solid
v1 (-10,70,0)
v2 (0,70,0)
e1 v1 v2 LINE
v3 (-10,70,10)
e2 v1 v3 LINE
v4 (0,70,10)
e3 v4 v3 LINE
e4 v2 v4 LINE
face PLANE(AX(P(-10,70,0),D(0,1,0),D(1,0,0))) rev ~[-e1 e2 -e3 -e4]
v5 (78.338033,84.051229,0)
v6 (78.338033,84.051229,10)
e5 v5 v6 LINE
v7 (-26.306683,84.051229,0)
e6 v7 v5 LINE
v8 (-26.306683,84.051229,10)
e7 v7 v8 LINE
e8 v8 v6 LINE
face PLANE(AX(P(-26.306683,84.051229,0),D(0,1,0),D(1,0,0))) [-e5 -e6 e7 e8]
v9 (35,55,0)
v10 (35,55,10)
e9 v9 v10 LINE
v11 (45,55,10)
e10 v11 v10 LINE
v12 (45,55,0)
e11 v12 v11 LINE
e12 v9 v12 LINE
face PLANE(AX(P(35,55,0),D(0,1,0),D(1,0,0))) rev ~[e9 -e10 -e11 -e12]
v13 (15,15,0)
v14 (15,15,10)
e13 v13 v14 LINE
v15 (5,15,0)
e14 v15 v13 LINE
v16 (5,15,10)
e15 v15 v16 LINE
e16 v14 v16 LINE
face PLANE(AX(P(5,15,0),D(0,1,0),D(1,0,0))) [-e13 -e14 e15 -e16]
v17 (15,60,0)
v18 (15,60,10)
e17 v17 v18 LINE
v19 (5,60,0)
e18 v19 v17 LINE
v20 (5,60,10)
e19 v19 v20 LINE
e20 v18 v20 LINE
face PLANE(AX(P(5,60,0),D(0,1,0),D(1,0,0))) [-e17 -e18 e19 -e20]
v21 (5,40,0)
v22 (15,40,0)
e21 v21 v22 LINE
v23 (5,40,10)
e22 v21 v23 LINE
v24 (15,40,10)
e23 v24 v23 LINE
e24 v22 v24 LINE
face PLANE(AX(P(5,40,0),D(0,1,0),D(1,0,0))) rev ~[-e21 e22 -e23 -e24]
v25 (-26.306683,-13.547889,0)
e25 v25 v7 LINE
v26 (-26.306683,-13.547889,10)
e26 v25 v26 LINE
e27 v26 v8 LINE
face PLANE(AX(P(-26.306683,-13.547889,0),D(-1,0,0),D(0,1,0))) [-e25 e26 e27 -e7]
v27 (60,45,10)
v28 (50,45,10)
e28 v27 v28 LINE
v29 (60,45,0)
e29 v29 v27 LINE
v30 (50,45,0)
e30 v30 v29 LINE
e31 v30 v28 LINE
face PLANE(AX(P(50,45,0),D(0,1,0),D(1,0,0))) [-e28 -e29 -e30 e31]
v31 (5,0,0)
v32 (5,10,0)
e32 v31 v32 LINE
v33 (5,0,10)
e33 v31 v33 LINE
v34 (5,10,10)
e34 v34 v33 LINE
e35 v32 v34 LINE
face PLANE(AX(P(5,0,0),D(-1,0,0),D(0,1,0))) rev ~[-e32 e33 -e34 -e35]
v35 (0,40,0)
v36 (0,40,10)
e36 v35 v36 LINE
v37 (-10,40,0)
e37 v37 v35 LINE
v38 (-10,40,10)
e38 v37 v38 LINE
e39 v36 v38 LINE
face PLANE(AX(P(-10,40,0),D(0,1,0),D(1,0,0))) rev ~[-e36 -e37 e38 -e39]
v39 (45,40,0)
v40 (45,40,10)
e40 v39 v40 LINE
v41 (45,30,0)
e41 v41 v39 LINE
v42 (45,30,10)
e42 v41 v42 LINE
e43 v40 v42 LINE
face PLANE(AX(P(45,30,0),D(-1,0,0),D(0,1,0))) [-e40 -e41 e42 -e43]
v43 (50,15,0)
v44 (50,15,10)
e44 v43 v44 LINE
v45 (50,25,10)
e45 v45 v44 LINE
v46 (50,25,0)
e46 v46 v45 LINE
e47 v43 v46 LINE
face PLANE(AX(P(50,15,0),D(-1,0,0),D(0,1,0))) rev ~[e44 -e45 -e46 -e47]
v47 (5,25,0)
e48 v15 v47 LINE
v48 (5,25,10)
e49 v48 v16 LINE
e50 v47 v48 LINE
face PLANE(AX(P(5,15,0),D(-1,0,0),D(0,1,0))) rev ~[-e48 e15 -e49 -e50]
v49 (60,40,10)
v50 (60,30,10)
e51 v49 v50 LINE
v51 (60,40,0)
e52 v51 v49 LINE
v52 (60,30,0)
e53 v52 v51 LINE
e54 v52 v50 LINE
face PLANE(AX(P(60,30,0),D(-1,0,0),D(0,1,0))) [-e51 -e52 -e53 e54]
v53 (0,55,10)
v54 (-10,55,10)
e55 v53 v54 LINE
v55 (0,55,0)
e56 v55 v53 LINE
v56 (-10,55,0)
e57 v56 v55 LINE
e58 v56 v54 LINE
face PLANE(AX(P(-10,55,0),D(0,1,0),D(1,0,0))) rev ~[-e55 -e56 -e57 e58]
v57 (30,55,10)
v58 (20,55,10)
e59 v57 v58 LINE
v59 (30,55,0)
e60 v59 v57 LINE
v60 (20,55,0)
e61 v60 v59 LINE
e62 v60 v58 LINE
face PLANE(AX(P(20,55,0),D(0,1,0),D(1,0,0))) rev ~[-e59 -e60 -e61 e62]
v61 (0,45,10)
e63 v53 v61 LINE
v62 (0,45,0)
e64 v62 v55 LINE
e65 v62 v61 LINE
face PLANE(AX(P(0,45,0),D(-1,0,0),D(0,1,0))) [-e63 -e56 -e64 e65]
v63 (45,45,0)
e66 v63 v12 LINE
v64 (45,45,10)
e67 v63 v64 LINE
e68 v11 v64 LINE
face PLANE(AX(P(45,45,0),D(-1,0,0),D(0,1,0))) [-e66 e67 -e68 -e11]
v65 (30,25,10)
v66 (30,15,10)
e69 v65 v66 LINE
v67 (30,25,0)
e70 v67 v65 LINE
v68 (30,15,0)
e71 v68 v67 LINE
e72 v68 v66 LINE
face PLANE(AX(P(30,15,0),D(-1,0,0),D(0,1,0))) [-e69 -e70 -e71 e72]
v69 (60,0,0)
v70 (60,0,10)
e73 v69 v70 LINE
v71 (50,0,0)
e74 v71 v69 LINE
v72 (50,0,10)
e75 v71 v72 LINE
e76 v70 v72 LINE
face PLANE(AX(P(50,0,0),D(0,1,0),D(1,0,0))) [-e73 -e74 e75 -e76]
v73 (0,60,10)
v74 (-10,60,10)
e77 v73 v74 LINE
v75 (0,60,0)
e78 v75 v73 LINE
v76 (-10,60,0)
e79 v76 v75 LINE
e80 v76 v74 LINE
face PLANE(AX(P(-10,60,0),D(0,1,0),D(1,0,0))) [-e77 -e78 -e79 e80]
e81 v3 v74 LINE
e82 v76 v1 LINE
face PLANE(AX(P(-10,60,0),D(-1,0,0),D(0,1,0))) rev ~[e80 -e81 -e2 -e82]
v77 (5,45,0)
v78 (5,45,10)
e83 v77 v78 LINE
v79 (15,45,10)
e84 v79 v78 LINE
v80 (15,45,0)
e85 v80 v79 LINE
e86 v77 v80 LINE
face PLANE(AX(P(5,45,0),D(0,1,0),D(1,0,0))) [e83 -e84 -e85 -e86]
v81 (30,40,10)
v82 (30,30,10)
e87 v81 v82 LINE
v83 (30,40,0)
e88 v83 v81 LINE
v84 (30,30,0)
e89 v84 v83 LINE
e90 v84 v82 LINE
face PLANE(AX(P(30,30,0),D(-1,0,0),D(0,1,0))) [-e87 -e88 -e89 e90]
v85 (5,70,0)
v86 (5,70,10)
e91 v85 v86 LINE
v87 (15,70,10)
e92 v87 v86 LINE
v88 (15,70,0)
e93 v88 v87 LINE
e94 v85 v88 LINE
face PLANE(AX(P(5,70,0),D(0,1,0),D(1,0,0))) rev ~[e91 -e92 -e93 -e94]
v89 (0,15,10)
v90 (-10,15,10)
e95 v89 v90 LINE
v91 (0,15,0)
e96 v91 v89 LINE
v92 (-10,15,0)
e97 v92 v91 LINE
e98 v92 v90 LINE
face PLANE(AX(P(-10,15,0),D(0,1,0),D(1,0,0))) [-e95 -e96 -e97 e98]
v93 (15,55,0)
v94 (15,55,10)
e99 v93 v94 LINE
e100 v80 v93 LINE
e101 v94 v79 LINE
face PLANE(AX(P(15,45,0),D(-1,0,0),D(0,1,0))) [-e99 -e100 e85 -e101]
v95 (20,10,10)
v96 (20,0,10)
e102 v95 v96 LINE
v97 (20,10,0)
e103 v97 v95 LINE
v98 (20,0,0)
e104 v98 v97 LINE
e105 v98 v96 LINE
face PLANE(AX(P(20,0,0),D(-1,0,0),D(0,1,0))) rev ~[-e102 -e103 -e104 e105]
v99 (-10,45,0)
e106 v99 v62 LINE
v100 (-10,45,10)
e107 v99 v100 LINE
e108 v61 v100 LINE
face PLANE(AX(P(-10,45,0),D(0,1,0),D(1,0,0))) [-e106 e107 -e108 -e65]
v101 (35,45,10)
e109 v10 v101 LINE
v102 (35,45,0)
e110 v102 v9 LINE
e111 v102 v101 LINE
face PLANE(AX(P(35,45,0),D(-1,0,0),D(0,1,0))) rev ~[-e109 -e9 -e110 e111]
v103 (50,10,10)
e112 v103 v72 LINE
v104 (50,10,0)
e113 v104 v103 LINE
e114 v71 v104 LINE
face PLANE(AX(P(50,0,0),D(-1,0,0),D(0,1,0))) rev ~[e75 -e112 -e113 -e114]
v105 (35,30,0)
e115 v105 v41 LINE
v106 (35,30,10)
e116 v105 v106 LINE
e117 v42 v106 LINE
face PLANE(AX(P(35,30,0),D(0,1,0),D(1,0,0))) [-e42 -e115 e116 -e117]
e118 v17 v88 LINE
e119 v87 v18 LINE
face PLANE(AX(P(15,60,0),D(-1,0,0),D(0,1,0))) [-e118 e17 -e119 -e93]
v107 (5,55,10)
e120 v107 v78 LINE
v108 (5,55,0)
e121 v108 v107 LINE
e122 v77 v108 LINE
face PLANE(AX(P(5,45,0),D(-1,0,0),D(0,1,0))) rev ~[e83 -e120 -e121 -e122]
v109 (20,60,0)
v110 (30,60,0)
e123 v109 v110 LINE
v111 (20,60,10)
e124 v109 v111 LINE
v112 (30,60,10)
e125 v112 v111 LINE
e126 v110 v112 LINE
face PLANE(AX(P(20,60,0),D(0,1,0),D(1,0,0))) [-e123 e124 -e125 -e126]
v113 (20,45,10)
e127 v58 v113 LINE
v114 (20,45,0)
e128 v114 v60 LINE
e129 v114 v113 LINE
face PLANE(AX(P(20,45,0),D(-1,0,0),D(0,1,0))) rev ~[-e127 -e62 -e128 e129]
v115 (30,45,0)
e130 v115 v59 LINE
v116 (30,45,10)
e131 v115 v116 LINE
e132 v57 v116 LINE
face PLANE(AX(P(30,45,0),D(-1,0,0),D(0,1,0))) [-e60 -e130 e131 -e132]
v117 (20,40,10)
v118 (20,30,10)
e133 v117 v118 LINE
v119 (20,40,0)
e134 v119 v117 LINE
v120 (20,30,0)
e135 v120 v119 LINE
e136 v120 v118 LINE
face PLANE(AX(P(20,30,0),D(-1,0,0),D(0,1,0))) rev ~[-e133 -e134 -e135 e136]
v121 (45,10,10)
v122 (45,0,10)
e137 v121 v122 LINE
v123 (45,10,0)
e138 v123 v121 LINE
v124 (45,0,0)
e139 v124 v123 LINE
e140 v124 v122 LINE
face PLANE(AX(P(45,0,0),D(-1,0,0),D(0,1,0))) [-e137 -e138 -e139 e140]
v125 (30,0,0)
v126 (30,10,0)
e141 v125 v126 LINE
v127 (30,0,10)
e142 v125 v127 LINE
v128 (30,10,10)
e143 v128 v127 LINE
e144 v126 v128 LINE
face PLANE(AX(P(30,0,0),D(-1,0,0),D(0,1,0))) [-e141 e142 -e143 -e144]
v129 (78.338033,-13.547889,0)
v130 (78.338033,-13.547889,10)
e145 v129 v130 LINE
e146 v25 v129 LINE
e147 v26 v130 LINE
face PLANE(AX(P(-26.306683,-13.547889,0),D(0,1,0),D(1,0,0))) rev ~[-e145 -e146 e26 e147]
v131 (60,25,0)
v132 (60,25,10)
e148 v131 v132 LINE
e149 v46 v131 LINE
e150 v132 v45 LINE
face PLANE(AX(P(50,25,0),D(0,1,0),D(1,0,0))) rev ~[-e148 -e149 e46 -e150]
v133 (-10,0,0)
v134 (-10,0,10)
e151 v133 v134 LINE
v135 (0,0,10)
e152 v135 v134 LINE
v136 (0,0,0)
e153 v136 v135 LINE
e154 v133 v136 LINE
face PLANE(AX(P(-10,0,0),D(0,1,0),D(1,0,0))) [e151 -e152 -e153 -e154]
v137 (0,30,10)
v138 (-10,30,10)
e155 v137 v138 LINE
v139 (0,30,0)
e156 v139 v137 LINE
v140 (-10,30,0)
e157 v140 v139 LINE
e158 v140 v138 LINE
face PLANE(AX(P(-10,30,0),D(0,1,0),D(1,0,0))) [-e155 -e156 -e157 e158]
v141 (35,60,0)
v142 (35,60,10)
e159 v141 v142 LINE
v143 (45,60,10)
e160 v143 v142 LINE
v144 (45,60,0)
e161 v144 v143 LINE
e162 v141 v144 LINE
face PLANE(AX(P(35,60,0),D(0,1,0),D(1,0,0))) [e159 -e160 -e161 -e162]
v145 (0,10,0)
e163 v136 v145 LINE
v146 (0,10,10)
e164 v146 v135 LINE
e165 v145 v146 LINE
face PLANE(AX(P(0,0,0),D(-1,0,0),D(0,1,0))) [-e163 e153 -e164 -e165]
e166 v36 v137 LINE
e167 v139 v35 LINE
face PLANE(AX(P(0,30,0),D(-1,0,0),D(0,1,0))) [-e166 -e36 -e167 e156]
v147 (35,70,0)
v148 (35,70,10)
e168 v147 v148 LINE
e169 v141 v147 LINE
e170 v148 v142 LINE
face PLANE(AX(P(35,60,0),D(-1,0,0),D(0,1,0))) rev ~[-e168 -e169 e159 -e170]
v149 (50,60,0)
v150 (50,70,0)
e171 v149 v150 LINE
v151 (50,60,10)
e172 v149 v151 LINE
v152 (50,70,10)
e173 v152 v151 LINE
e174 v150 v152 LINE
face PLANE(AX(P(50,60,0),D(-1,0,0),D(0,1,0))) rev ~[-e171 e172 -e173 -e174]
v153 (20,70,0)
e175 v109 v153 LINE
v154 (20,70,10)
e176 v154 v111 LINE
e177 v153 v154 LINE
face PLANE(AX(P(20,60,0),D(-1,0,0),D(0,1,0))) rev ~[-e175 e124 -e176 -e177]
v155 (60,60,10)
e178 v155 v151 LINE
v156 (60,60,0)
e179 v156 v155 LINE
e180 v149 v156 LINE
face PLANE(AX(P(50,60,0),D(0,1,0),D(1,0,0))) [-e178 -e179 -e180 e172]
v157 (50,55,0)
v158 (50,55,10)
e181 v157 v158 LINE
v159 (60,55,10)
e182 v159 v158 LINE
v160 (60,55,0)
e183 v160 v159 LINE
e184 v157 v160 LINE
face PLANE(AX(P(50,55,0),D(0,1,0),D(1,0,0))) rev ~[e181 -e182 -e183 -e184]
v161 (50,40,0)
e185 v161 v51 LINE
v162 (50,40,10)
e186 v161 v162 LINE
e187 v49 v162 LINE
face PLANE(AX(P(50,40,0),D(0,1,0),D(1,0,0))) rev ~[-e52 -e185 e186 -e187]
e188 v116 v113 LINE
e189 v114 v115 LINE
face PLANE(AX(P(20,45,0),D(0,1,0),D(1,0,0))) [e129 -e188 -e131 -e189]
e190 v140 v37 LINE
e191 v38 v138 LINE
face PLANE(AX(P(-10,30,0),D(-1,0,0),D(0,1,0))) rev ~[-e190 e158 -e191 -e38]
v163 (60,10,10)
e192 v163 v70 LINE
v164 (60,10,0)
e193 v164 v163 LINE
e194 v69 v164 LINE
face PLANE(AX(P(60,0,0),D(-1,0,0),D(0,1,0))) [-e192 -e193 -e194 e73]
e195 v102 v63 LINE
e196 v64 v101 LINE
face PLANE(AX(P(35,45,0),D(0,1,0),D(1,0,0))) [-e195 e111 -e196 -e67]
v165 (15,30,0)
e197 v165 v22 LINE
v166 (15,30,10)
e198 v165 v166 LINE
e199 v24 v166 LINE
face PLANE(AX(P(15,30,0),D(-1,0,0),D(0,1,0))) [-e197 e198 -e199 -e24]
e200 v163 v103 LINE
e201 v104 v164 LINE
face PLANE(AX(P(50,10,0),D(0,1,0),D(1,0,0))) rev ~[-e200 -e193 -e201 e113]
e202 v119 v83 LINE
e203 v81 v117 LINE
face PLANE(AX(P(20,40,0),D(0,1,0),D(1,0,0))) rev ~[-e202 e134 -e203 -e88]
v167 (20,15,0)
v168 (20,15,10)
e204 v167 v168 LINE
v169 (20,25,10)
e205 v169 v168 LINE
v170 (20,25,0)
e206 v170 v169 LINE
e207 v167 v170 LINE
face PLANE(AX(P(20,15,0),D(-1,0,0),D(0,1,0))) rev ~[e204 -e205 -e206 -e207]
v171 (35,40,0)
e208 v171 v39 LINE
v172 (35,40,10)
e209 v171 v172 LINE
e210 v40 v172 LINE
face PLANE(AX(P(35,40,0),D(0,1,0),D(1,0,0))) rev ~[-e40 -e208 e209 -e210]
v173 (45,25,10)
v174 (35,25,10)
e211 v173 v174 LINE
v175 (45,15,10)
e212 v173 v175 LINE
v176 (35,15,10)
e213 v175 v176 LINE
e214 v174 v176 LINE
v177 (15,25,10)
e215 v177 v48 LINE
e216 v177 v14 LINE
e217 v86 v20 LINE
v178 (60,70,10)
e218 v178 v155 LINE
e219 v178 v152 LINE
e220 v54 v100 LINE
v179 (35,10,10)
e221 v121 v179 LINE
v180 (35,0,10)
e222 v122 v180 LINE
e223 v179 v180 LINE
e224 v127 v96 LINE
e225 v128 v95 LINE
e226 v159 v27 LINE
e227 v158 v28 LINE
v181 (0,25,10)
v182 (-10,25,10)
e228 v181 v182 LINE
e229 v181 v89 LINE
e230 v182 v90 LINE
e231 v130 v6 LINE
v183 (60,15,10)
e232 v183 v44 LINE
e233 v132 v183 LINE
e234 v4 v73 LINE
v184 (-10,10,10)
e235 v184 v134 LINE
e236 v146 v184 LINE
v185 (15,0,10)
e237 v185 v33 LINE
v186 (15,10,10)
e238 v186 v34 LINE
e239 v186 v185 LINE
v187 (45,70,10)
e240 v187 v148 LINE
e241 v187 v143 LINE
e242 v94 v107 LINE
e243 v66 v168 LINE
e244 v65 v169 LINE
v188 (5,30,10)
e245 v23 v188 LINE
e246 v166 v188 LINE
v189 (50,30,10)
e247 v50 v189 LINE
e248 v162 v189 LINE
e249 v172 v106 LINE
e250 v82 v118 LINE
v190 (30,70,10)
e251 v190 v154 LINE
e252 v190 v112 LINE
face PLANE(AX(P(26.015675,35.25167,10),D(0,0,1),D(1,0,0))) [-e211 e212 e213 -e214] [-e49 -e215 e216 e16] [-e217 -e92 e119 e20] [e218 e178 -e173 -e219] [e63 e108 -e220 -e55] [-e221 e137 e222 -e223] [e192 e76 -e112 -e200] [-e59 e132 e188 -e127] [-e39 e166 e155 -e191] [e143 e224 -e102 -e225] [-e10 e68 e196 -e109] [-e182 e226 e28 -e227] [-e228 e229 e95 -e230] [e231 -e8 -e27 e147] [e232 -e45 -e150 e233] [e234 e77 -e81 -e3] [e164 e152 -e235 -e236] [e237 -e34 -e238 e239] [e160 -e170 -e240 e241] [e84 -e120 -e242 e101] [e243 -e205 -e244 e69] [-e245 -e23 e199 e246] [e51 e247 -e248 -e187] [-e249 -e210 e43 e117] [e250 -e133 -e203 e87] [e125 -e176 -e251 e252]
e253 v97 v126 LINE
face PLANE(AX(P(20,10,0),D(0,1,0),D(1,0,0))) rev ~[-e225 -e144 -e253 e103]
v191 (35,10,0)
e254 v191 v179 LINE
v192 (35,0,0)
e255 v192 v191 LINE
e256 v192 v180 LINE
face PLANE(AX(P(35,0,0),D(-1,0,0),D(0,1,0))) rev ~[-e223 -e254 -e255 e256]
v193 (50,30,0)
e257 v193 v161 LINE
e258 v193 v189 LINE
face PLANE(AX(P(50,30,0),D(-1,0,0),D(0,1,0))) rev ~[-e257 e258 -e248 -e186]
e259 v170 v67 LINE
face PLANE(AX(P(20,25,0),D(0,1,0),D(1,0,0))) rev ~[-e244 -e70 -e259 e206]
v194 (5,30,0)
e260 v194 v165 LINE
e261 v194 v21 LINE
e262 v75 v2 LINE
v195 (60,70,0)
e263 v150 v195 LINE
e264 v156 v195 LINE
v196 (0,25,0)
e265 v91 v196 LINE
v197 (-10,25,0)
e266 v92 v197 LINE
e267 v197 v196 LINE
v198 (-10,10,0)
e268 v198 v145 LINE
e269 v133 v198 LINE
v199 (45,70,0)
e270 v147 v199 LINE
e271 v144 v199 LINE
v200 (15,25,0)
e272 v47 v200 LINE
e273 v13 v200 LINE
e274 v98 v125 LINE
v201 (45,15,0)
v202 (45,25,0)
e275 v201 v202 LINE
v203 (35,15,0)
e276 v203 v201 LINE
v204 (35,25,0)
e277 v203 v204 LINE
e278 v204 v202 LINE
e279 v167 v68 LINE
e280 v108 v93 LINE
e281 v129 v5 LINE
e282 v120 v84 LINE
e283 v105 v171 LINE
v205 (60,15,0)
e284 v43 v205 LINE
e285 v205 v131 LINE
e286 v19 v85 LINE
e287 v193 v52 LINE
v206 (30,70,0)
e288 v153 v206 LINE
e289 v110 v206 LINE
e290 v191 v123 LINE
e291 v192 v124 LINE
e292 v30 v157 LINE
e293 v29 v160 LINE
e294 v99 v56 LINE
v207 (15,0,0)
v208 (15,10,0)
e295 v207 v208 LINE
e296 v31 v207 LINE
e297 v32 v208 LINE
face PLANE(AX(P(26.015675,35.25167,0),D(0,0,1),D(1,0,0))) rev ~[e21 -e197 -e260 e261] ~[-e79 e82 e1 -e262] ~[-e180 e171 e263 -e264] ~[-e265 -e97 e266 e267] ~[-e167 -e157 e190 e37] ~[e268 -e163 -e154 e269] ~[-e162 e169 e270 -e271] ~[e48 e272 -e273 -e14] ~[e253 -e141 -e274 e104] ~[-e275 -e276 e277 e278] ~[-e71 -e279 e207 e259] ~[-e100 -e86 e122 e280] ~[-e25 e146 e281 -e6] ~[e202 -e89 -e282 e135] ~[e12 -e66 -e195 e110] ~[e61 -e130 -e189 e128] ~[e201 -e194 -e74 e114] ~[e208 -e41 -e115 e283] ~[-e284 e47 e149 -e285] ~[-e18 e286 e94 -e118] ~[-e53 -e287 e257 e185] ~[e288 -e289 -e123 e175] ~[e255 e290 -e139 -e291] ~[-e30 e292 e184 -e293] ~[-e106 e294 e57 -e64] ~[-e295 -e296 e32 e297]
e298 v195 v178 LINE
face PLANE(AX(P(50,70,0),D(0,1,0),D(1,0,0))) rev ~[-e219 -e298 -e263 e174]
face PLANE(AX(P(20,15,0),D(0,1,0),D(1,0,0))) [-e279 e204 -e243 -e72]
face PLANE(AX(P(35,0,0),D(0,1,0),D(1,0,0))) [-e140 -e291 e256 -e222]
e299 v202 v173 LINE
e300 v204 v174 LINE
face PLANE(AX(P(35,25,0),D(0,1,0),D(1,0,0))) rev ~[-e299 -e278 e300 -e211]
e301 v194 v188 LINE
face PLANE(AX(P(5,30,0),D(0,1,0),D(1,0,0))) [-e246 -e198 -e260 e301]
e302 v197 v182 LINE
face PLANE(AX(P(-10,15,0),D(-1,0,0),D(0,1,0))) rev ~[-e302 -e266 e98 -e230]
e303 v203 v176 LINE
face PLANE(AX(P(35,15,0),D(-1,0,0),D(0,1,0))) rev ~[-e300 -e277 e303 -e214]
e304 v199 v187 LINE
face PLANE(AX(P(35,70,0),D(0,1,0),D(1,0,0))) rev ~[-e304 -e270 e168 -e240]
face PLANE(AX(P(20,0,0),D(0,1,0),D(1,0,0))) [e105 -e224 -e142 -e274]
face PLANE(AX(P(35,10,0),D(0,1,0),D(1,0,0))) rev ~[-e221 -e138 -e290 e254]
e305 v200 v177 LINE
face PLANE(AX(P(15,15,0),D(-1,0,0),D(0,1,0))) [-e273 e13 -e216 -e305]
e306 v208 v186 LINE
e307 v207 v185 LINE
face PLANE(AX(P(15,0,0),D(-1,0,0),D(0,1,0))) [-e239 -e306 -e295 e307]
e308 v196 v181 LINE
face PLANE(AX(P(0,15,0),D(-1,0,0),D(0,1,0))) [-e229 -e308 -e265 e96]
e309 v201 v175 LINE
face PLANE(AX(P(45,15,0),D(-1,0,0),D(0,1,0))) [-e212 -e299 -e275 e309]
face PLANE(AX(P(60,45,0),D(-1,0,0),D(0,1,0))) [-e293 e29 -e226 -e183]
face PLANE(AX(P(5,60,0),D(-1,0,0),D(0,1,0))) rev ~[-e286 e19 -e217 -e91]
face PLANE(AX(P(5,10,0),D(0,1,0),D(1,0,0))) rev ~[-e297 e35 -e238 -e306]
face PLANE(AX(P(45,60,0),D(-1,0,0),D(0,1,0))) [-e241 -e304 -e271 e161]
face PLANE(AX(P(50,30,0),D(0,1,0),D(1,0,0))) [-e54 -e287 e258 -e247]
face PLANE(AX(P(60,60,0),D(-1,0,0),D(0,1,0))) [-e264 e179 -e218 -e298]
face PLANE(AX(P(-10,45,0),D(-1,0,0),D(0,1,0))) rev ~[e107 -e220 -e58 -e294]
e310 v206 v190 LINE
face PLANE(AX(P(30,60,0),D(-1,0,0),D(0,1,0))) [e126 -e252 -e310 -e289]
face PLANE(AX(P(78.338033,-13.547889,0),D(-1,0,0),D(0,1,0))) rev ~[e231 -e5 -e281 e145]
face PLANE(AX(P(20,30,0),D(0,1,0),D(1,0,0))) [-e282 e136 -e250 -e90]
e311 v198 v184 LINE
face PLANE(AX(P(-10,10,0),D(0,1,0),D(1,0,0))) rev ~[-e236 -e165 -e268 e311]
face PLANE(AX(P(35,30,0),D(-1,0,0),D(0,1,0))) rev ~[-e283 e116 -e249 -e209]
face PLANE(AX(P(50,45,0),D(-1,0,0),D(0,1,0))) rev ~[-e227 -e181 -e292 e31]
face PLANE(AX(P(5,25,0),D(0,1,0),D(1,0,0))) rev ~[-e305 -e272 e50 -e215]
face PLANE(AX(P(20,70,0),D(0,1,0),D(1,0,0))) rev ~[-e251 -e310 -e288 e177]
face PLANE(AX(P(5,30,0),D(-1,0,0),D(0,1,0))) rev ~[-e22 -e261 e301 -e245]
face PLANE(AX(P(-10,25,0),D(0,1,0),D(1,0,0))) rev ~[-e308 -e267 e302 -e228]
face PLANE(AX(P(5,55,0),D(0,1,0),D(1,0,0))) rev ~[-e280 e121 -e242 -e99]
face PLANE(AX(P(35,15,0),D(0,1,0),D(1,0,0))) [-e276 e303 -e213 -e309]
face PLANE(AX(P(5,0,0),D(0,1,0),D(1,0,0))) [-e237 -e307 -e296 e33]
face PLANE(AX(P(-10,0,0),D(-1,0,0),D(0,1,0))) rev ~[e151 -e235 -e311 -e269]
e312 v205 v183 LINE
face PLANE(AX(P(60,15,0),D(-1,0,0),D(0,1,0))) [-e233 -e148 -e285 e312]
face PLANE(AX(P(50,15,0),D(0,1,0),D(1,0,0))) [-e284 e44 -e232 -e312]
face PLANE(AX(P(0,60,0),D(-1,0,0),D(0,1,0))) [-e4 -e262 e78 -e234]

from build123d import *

# Parameters (mm, degrees)
F1_W     = 104.644717
F1_H     = 97.599118
F2_DEPTH = 10
F0_W     = 10
F0_H     = 10
F3_DEPTH = 25


with BuildPart() as f2:
    # F1 (on Top) → F2 (new body)
    with BuildSketch(Plane.XY):
        with Locations((26.015675, 35.25167)):
            Rectangle(F1_W, F1_H)
    extrude(amount=F2_DEPTH)

    # F0 (on Top) → F3 (cut)
    with BuildSketch(Plane.XY):
        with Locations((-5, 5)):
            Rectangle(F0_W, F0_H)
        with Locations((-5, 20)):
            Rectangle(F0_W, F0_H)
        with Locations((-5, 35)):
            Rectangle(F0_W, F0_H)
        with Locations((-5, 50)):
            Rectangle(F0_W, F0_H)
        with Locations((-5, 65)):
            Rectangle(F0_W, F0_H)
        with Locations((10, 5)):
            Rectangle(F0_W, F0_H)
        with Locations((10, 20)):
            Rectangle(F0_W, F0_H)
        with Locations((10, 35)):
            Rectangle(F0_W, F0_H)
        with Locations((10, 50)):
            Rectangle(F0_W, F0_H)
        with Locations((10, 65)):
            Rectangle(F0_W, F0_H)
        with Locations((25, 5)):
            Rectangle(F0_W, F0_H)
        with Locations((25, 20)):
            Rectangle(F0_W, F0_H)
        with Locations((25, 35)):
            Rectangle(F0_W, F0_H)
        with Locations((25, 50)):
            Rectangle(F0_W, F0_H)
        with Locations((25, 65)):
            Rectangle(F0_W, F0_H)
        with Locations((40, 5)):
            Rectangle(F0_W, F0_H)
        with Locations((40, 20)):
            Rectangle(F0_W, F0_H)
        with Locations((40, 35)):
            Rectangle(F0_W, F0_H)
        with Locations((40, 50)):
            Rectangle(F0_W, F0_H)
        with Locations((40, 65)):
            Rectangle(F0_W, F0_H)
        with Locations((55, 5)):
            Rectangle(F0_W, F0_H)
        with Locations((55, 20)):
            Rectangle(F0_W, F0_H)
        with Locations((55, 35)):
            Rectangle(F0_W, F0_H)
        with Locations((55, 50)):
            Rectangle(F0_W, F0_H)
        with Locations((55, 65)):
            Rectangle(F0_W, F0_H)
    extrude(amount=F3_DEPTH, mode=Mode.SUBTRACT)


solid = f2.part
